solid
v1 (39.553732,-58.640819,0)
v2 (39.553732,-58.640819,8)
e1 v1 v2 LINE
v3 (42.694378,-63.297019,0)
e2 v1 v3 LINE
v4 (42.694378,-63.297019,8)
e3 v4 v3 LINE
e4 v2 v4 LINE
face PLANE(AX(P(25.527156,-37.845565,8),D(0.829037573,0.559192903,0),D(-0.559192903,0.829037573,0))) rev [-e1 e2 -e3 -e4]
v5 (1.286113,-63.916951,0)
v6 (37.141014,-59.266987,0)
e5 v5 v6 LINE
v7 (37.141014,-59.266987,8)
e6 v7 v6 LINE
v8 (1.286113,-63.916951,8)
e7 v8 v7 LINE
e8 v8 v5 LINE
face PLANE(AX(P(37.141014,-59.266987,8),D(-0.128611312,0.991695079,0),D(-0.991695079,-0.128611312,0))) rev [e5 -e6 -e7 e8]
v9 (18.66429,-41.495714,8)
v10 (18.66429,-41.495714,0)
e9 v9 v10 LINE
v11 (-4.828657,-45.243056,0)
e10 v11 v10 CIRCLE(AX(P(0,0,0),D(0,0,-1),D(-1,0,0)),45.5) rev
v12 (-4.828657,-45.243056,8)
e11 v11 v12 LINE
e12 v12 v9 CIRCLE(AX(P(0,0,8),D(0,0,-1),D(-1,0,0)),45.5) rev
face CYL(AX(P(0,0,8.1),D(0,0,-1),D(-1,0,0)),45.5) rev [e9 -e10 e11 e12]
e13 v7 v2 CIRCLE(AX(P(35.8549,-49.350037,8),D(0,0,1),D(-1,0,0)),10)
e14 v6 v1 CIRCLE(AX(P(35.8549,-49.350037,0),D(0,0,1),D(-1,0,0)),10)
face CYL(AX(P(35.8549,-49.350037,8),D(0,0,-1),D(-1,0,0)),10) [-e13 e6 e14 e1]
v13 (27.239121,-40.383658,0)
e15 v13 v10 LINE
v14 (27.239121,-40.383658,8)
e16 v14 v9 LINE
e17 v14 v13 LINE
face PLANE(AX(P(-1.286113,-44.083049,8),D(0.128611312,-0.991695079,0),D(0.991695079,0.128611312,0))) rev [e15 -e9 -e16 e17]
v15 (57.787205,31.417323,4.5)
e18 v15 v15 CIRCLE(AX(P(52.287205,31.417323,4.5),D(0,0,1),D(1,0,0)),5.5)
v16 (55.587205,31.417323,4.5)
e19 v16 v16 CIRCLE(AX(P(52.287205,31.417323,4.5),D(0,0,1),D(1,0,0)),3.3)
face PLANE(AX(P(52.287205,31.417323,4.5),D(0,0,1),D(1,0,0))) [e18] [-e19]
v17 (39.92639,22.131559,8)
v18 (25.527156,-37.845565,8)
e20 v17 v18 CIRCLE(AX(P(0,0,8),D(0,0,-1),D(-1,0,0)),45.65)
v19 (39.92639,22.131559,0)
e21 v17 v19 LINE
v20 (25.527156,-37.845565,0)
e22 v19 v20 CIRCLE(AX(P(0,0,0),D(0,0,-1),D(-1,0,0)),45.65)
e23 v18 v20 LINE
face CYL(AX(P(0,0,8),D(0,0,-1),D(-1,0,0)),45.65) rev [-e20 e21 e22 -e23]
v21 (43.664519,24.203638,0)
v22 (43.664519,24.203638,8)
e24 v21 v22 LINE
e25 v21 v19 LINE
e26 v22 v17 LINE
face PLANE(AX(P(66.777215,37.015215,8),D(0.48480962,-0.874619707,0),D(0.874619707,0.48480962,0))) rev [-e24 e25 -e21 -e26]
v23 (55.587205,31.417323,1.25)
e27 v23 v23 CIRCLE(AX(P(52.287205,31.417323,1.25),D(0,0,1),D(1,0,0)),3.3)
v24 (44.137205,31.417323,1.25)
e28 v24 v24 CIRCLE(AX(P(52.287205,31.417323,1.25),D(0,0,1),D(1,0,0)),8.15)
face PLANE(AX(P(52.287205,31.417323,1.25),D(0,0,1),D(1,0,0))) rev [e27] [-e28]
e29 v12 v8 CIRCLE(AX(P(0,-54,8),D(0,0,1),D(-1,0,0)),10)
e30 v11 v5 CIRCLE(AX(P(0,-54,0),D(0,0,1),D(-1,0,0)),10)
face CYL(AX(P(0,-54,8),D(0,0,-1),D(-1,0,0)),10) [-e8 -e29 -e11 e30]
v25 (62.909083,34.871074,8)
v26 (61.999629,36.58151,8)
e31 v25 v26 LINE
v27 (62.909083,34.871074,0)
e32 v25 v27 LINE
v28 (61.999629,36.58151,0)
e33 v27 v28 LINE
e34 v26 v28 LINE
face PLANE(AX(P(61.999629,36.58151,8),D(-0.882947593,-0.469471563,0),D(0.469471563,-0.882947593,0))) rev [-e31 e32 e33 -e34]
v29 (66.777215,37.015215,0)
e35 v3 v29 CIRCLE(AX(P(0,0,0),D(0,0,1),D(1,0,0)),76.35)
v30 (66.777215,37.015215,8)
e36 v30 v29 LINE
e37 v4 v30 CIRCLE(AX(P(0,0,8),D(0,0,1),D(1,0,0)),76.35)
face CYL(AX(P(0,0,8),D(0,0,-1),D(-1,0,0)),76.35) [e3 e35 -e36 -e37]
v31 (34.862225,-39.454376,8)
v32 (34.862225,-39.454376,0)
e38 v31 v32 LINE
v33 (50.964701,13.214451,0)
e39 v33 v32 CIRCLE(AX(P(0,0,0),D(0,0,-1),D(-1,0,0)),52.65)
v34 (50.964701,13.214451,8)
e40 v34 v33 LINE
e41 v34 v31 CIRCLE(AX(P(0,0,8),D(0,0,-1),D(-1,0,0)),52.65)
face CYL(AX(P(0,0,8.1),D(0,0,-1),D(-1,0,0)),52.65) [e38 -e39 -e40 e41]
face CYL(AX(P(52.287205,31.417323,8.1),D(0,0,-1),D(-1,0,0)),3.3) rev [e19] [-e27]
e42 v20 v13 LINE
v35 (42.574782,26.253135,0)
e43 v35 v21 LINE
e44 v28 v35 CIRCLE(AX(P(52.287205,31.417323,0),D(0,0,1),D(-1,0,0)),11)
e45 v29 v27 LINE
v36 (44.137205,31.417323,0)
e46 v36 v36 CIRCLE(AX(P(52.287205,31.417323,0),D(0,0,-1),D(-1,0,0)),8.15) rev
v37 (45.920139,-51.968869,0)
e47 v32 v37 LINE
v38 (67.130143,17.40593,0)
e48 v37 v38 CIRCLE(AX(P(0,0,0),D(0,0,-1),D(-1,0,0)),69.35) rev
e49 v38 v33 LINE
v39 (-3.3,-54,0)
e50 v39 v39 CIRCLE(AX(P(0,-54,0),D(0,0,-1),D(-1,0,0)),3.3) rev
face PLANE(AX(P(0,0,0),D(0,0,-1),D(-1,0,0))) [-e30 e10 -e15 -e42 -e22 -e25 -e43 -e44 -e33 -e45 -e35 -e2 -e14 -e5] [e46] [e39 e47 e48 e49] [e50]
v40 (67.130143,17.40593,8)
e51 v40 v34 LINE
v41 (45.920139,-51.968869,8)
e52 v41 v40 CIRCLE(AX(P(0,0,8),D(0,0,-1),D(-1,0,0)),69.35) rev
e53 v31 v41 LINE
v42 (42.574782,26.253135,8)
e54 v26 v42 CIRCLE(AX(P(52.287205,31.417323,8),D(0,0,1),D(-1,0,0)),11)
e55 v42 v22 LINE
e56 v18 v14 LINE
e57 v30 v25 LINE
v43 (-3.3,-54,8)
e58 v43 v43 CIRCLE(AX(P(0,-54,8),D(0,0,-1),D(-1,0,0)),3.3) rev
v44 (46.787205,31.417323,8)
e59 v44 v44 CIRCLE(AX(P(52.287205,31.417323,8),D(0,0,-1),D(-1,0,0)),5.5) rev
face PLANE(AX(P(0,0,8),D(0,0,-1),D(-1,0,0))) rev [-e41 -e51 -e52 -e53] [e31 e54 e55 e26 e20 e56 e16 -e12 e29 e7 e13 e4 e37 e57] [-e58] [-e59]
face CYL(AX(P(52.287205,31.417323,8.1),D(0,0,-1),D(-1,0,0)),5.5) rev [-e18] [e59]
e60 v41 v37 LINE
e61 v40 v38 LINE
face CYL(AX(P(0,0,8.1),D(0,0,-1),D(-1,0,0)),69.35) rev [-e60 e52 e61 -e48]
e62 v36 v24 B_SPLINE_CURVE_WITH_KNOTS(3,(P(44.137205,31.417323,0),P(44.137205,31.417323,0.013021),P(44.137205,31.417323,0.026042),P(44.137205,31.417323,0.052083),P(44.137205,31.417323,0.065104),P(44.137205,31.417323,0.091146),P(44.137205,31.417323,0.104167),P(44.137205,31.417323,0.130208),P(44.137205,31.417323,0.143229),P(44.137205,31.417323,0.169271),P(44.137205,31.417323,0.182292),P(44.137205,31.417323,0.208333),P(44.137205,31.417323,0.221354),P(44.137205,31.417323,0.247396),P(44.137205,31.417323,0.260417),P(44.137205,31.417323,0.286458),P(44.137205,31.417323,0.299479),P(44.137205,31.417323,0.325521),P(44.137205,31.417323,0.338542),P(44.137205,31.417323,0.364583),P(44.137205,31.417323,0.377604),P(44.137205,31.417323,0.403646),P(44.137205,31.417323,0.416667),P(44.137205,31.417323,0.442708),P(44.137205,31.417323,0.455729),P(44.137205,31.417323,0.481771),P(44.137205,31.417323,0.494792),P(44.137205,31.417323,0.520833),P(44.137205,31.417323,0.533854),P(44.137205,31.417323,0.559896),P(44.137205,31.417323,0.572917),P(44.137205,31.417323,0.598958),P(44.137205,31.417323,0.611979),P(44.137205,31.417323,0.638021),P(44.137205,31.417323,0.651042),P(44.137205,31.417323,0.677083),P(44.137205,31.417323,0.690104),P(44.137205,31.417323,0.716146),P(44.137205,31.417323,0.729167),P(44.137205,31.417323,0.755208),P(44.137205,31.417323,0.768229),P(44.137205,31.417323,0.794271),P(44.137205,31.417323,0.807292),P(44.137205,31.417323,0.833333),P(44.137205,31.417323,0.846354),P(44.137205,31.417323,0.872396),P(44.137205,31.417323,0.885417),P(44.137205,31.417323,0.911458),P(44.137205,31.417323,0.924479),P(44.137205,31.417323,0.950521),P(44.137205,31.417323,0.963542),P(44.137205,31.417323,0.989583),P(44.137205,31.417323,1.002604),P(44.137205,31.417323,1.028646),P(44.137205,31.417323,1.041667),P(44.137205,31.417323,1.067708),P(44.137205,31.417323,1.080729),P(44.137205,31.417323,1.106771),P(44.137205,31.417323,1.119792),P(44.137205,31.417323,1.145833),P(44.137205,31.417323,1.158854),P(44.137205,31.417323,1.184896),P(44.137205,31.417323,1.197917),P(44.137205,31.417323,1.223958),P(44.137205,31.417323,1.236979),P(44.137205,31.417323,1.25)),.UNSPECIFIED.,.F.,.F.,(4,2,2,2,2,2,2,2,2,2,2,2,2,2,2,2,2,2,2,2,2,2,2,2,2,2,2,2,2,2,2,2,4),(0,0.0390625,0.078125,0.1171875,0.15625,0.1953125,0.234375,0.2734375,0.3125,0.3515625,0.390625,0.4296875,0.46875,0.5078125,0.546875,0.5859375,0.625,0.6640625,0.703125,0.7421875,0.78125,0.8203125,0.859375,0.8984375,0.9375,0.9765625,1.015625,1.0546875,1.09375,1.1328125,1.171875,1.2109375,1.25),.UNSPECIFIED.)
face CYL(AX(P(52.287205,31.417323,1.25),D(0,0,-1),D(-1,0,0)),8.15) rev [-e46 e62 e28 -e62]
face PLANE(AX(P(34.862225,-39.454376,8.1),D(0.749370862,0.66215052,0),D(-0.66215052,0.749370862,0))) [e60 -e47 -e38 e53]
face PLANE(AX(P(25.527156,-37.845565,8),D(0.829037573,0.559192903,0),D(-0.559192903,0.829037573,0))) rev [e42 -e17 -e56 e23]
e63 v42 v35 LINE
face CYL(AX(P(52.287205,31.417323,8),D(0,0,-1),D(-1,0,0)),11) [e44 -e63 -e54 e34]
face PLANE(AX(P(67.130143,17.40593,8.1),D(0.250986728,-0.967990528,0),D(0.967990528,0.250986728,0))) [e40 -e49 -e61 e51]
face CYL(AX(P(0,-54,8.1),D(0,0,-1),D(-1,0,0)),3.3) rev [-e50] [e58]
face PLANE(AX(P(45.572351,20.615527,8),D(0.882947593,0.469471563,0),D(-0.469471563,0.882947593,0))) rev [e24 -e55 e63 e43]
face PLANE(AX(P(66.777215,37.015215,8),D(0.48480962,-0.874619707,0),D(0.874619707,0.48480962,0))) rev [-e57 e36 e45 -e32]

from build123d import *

# Parameters (mm, degrees)
F_01_EIGHT_MILLIMETRE_TRACK_BLANK_DEPTH        = 8
F_02_LOWER_CAGE_TIE_LANDING_DEPTH              = 8
F_03_BUMP_END_SUPPORT_LANDING_DEPTH            = 8
F_04_START                                     = -0.1
S04_RELIEF_FOR_THE_SWEPT_FLOATING_GUID_R       = 45.5
F_04_RELIEF_FOR_THE_SWEPT_FLOATING_GUIDE_DEPTH = 8.2
F_05_START                                     = -0.1
F_05_CONCENTRIC_GUIDE_AND_TANGENT_STOP_F_DEPTH = 8.2
F_06_START                                     = -0.1
S06_SUPPORT_FASTENERS_R                        = 3.3
F_06_SUPPORT_FASTENERS_DEPTH                   = 8.2
F_07_START                                     = -0.1
S07_BUMP_END_SUPPORT_REGISTER_UNDERSID_R       = 5.06
F_07_BUMP_END_SUPPORT_REGISTER_UNDERSIDE_DEPTH = 1.35
F_08_START                                     = 4.5
S08_FLUSH_BUTTON_SCREW_COUNTERBORE_OUT_R       = 5.5
F_08_FLUSH_BUTTON_SCREW_COUNTERBORE_OUTB_DEPTH = 3.6
F_01_START                                     = -0.1
S01_FULL_DIAMETER_LOCATING_SEAT_FOR_PR_R       = 8.15
F_01_FULL_DIAMETER_LOCATING_SEAT_FOR_PRI_DEPTH = 1.35


with BuildPart() as part:
    # S01 - Eight millimetre track blank → 01 - Eight millimetre track blank (new body)
    with BuildSketch(Plane.XY):
        with BuildLine():
            Line((25.527156043, -37.845565187), (42.69437818, -63.297018665))
            ThreePointArc((42.69437818, -63.297018665), (74.240443422, -17.82355353), (66.77721464, 37.015214506))
            Line((66.77721464, 37.015214506), (39.926389631, 22.131559164))
            ThreePointArc((39.926389631, 22.131559164), (44.388686866, -10.65678086), (25.527156043, -37.845565187))
        make_face()
    extrude(amount=F_01_EIGHT_MILLIMETRE_TRACK_BLANK_DEPTH)

    # S02 - Lower cage tie landing → 02 - Lower cage tie landing (add)
    with BuildSketch(Plane.XY):
        with BuildLine():
            Line((-1.286113116, -44.083049206), (34.568787274, -39.433085863))
            ThreePointArc((34.568787274, -39.433085863), (45.771851184, -48.063923541), (37.141013506, -59.266987451))
            Line((37.141013506, -59.266987451), (1.286113116, -63.916950794))
            ThreePointArc((1.286113116, -63.916950794), (-9.916950794, -55.286113116), (-1.286113116, -44.083049206))
        make_face()
    extrude(amount=F_02_LOWER_CAGE_TIE_LANDING_DEPTH)

    # S03 - Bump end support landing → 03 - Bump end support landing (add)
    with BuildSketch(Plane.XY):
        with BuildLine():
            Line((45.572351488, 20.615526776), (42.574781821, 26.253135379))
            ThreePointArc((42.574781821, 26.253135379), (47.123018152, 41.129746091), (61.999628864, 36.58150976))
            Line((61.999628864, 36.58150976), (64.997198531, 30.943901157))
            ThreePointArc((64.997198531, 30.943901157), (60.4489622, 16.067290445), (45.572351488, 20.615526776))
        make_face()
    extrude(amount=F_03_BUMP_END_SUPPORT_LANDING_DEPTH)

    # S04 - Relief for the swept floating guide barrels → 04 - Relief for the swept floating guide barrels (cut)
    with BuildSketch(Plane.XY.offset(F_04_START)):
        Circle(S04_RELIEF_FOR_THE_SWEPT_FLOATING_GUID_R)
    extrude(amount=F_04_RELIEF_FOR_THE_SWEPT_FLOATING_GUIDE_DEPTH, mode=Mode.SUBTRACT)

    # S05 - Concentric guide and tangent stop faces → 05 - Concentric guide and tangent stop faces (cut)
    with BuildSketch(Plane.XY.offset(F_05_START)):
        with BuildLine():
            Line((34.862224899, -39.454375867), (45.92013859, -51.968869257))
            ThreePointArc((45.92013859, -51.968869257), (66.319734826, -20.275977723), (67.130143118, 17.405929591))
            Line((67.130143118, 17.405929591), (50.9647013, 13.214451233))
            ThreePointArc((50.9647013, 13.214451233), (50.349445401, -15.393370254), (34.862224899, -39.454375867))
        make_face()
    extrude(amount=F_05_CONCENTRIC_GUIDE_AND_TANGENT_STOP_F_DEPTH, mode=Mode.SUBTRACT)

    # S06 - Support fasteners → 06 - Support fasteners (cut)
    with BuildSketch(Plane.XY.offset(F_06_START)):
        with Locations(Location((0, -54, 0), (0, 0, 180))):
            Circle(S06_SUPPORT_FASTENERS_R)
        with Locations(Location((52.287205343, 31.41732257, 0), (0, 0, 180))):
            Circle(S06_SUPPORT_FASTENERS_R)
    extrude(amount=F_06_SUPPORT_FASTENERS_DEPTH, mode=Mode.SUBTRACT)

    # S07 - Bump end support register underside → 07 - Bump end support register underside (cut)
    with BuildSketch(Plane.XY.offset(F_07_START)):
        with Locations(Location((52.287205343, 31.41732257, 0), (0, 0, 180))):
            Circle(S07_BUMP_END_SUPPORT_REGISTER_UNDERSID_R)
    extrude(amount=F_07_BUMP_END_SUPPORT_REGISTER_UNDERSIDE_DEPTH, mode=Mode.SUBTRACT)

    # S08 - Flush button screw counterbore outboard → 08 - Flush button screw counterbore outboard (cut)
    with BuildSketch(Plane.XY.offset(F_08_START)):
        with Locations(Location((52.287205343, 31.41732257, 0), (0, 0, 180))):
            Circle(S08_FLUSH_BUTTON_SCREW_COUNTERBORE_OUT_R)
    extrude(amount=F_08_FLUSH_BUTTON_SCREW_COUNTERBORE_OUTB_DEPTH, mode=Mode.SUBTRACT)

    # S01 - Full diameter locating seat for printed post → 01 - Full diameter locating seat for printed post (cut)
    with BuildSketch(Plane.XY.offset(F_01_START)):
        with Locations(Location((52.287205346, 31.41732257, 0), (0, 0, 180))):
            Circle(S01_FULL_DIAMETER_LOCATING_SEAT_FOR_PR_R)
    extrude(amount=F_01_FULL_DIAMETER_LOCATING_SEAT_FOR_PRI_DEPTH, mode=Mode.SUBTRACT)


solid = part.part
